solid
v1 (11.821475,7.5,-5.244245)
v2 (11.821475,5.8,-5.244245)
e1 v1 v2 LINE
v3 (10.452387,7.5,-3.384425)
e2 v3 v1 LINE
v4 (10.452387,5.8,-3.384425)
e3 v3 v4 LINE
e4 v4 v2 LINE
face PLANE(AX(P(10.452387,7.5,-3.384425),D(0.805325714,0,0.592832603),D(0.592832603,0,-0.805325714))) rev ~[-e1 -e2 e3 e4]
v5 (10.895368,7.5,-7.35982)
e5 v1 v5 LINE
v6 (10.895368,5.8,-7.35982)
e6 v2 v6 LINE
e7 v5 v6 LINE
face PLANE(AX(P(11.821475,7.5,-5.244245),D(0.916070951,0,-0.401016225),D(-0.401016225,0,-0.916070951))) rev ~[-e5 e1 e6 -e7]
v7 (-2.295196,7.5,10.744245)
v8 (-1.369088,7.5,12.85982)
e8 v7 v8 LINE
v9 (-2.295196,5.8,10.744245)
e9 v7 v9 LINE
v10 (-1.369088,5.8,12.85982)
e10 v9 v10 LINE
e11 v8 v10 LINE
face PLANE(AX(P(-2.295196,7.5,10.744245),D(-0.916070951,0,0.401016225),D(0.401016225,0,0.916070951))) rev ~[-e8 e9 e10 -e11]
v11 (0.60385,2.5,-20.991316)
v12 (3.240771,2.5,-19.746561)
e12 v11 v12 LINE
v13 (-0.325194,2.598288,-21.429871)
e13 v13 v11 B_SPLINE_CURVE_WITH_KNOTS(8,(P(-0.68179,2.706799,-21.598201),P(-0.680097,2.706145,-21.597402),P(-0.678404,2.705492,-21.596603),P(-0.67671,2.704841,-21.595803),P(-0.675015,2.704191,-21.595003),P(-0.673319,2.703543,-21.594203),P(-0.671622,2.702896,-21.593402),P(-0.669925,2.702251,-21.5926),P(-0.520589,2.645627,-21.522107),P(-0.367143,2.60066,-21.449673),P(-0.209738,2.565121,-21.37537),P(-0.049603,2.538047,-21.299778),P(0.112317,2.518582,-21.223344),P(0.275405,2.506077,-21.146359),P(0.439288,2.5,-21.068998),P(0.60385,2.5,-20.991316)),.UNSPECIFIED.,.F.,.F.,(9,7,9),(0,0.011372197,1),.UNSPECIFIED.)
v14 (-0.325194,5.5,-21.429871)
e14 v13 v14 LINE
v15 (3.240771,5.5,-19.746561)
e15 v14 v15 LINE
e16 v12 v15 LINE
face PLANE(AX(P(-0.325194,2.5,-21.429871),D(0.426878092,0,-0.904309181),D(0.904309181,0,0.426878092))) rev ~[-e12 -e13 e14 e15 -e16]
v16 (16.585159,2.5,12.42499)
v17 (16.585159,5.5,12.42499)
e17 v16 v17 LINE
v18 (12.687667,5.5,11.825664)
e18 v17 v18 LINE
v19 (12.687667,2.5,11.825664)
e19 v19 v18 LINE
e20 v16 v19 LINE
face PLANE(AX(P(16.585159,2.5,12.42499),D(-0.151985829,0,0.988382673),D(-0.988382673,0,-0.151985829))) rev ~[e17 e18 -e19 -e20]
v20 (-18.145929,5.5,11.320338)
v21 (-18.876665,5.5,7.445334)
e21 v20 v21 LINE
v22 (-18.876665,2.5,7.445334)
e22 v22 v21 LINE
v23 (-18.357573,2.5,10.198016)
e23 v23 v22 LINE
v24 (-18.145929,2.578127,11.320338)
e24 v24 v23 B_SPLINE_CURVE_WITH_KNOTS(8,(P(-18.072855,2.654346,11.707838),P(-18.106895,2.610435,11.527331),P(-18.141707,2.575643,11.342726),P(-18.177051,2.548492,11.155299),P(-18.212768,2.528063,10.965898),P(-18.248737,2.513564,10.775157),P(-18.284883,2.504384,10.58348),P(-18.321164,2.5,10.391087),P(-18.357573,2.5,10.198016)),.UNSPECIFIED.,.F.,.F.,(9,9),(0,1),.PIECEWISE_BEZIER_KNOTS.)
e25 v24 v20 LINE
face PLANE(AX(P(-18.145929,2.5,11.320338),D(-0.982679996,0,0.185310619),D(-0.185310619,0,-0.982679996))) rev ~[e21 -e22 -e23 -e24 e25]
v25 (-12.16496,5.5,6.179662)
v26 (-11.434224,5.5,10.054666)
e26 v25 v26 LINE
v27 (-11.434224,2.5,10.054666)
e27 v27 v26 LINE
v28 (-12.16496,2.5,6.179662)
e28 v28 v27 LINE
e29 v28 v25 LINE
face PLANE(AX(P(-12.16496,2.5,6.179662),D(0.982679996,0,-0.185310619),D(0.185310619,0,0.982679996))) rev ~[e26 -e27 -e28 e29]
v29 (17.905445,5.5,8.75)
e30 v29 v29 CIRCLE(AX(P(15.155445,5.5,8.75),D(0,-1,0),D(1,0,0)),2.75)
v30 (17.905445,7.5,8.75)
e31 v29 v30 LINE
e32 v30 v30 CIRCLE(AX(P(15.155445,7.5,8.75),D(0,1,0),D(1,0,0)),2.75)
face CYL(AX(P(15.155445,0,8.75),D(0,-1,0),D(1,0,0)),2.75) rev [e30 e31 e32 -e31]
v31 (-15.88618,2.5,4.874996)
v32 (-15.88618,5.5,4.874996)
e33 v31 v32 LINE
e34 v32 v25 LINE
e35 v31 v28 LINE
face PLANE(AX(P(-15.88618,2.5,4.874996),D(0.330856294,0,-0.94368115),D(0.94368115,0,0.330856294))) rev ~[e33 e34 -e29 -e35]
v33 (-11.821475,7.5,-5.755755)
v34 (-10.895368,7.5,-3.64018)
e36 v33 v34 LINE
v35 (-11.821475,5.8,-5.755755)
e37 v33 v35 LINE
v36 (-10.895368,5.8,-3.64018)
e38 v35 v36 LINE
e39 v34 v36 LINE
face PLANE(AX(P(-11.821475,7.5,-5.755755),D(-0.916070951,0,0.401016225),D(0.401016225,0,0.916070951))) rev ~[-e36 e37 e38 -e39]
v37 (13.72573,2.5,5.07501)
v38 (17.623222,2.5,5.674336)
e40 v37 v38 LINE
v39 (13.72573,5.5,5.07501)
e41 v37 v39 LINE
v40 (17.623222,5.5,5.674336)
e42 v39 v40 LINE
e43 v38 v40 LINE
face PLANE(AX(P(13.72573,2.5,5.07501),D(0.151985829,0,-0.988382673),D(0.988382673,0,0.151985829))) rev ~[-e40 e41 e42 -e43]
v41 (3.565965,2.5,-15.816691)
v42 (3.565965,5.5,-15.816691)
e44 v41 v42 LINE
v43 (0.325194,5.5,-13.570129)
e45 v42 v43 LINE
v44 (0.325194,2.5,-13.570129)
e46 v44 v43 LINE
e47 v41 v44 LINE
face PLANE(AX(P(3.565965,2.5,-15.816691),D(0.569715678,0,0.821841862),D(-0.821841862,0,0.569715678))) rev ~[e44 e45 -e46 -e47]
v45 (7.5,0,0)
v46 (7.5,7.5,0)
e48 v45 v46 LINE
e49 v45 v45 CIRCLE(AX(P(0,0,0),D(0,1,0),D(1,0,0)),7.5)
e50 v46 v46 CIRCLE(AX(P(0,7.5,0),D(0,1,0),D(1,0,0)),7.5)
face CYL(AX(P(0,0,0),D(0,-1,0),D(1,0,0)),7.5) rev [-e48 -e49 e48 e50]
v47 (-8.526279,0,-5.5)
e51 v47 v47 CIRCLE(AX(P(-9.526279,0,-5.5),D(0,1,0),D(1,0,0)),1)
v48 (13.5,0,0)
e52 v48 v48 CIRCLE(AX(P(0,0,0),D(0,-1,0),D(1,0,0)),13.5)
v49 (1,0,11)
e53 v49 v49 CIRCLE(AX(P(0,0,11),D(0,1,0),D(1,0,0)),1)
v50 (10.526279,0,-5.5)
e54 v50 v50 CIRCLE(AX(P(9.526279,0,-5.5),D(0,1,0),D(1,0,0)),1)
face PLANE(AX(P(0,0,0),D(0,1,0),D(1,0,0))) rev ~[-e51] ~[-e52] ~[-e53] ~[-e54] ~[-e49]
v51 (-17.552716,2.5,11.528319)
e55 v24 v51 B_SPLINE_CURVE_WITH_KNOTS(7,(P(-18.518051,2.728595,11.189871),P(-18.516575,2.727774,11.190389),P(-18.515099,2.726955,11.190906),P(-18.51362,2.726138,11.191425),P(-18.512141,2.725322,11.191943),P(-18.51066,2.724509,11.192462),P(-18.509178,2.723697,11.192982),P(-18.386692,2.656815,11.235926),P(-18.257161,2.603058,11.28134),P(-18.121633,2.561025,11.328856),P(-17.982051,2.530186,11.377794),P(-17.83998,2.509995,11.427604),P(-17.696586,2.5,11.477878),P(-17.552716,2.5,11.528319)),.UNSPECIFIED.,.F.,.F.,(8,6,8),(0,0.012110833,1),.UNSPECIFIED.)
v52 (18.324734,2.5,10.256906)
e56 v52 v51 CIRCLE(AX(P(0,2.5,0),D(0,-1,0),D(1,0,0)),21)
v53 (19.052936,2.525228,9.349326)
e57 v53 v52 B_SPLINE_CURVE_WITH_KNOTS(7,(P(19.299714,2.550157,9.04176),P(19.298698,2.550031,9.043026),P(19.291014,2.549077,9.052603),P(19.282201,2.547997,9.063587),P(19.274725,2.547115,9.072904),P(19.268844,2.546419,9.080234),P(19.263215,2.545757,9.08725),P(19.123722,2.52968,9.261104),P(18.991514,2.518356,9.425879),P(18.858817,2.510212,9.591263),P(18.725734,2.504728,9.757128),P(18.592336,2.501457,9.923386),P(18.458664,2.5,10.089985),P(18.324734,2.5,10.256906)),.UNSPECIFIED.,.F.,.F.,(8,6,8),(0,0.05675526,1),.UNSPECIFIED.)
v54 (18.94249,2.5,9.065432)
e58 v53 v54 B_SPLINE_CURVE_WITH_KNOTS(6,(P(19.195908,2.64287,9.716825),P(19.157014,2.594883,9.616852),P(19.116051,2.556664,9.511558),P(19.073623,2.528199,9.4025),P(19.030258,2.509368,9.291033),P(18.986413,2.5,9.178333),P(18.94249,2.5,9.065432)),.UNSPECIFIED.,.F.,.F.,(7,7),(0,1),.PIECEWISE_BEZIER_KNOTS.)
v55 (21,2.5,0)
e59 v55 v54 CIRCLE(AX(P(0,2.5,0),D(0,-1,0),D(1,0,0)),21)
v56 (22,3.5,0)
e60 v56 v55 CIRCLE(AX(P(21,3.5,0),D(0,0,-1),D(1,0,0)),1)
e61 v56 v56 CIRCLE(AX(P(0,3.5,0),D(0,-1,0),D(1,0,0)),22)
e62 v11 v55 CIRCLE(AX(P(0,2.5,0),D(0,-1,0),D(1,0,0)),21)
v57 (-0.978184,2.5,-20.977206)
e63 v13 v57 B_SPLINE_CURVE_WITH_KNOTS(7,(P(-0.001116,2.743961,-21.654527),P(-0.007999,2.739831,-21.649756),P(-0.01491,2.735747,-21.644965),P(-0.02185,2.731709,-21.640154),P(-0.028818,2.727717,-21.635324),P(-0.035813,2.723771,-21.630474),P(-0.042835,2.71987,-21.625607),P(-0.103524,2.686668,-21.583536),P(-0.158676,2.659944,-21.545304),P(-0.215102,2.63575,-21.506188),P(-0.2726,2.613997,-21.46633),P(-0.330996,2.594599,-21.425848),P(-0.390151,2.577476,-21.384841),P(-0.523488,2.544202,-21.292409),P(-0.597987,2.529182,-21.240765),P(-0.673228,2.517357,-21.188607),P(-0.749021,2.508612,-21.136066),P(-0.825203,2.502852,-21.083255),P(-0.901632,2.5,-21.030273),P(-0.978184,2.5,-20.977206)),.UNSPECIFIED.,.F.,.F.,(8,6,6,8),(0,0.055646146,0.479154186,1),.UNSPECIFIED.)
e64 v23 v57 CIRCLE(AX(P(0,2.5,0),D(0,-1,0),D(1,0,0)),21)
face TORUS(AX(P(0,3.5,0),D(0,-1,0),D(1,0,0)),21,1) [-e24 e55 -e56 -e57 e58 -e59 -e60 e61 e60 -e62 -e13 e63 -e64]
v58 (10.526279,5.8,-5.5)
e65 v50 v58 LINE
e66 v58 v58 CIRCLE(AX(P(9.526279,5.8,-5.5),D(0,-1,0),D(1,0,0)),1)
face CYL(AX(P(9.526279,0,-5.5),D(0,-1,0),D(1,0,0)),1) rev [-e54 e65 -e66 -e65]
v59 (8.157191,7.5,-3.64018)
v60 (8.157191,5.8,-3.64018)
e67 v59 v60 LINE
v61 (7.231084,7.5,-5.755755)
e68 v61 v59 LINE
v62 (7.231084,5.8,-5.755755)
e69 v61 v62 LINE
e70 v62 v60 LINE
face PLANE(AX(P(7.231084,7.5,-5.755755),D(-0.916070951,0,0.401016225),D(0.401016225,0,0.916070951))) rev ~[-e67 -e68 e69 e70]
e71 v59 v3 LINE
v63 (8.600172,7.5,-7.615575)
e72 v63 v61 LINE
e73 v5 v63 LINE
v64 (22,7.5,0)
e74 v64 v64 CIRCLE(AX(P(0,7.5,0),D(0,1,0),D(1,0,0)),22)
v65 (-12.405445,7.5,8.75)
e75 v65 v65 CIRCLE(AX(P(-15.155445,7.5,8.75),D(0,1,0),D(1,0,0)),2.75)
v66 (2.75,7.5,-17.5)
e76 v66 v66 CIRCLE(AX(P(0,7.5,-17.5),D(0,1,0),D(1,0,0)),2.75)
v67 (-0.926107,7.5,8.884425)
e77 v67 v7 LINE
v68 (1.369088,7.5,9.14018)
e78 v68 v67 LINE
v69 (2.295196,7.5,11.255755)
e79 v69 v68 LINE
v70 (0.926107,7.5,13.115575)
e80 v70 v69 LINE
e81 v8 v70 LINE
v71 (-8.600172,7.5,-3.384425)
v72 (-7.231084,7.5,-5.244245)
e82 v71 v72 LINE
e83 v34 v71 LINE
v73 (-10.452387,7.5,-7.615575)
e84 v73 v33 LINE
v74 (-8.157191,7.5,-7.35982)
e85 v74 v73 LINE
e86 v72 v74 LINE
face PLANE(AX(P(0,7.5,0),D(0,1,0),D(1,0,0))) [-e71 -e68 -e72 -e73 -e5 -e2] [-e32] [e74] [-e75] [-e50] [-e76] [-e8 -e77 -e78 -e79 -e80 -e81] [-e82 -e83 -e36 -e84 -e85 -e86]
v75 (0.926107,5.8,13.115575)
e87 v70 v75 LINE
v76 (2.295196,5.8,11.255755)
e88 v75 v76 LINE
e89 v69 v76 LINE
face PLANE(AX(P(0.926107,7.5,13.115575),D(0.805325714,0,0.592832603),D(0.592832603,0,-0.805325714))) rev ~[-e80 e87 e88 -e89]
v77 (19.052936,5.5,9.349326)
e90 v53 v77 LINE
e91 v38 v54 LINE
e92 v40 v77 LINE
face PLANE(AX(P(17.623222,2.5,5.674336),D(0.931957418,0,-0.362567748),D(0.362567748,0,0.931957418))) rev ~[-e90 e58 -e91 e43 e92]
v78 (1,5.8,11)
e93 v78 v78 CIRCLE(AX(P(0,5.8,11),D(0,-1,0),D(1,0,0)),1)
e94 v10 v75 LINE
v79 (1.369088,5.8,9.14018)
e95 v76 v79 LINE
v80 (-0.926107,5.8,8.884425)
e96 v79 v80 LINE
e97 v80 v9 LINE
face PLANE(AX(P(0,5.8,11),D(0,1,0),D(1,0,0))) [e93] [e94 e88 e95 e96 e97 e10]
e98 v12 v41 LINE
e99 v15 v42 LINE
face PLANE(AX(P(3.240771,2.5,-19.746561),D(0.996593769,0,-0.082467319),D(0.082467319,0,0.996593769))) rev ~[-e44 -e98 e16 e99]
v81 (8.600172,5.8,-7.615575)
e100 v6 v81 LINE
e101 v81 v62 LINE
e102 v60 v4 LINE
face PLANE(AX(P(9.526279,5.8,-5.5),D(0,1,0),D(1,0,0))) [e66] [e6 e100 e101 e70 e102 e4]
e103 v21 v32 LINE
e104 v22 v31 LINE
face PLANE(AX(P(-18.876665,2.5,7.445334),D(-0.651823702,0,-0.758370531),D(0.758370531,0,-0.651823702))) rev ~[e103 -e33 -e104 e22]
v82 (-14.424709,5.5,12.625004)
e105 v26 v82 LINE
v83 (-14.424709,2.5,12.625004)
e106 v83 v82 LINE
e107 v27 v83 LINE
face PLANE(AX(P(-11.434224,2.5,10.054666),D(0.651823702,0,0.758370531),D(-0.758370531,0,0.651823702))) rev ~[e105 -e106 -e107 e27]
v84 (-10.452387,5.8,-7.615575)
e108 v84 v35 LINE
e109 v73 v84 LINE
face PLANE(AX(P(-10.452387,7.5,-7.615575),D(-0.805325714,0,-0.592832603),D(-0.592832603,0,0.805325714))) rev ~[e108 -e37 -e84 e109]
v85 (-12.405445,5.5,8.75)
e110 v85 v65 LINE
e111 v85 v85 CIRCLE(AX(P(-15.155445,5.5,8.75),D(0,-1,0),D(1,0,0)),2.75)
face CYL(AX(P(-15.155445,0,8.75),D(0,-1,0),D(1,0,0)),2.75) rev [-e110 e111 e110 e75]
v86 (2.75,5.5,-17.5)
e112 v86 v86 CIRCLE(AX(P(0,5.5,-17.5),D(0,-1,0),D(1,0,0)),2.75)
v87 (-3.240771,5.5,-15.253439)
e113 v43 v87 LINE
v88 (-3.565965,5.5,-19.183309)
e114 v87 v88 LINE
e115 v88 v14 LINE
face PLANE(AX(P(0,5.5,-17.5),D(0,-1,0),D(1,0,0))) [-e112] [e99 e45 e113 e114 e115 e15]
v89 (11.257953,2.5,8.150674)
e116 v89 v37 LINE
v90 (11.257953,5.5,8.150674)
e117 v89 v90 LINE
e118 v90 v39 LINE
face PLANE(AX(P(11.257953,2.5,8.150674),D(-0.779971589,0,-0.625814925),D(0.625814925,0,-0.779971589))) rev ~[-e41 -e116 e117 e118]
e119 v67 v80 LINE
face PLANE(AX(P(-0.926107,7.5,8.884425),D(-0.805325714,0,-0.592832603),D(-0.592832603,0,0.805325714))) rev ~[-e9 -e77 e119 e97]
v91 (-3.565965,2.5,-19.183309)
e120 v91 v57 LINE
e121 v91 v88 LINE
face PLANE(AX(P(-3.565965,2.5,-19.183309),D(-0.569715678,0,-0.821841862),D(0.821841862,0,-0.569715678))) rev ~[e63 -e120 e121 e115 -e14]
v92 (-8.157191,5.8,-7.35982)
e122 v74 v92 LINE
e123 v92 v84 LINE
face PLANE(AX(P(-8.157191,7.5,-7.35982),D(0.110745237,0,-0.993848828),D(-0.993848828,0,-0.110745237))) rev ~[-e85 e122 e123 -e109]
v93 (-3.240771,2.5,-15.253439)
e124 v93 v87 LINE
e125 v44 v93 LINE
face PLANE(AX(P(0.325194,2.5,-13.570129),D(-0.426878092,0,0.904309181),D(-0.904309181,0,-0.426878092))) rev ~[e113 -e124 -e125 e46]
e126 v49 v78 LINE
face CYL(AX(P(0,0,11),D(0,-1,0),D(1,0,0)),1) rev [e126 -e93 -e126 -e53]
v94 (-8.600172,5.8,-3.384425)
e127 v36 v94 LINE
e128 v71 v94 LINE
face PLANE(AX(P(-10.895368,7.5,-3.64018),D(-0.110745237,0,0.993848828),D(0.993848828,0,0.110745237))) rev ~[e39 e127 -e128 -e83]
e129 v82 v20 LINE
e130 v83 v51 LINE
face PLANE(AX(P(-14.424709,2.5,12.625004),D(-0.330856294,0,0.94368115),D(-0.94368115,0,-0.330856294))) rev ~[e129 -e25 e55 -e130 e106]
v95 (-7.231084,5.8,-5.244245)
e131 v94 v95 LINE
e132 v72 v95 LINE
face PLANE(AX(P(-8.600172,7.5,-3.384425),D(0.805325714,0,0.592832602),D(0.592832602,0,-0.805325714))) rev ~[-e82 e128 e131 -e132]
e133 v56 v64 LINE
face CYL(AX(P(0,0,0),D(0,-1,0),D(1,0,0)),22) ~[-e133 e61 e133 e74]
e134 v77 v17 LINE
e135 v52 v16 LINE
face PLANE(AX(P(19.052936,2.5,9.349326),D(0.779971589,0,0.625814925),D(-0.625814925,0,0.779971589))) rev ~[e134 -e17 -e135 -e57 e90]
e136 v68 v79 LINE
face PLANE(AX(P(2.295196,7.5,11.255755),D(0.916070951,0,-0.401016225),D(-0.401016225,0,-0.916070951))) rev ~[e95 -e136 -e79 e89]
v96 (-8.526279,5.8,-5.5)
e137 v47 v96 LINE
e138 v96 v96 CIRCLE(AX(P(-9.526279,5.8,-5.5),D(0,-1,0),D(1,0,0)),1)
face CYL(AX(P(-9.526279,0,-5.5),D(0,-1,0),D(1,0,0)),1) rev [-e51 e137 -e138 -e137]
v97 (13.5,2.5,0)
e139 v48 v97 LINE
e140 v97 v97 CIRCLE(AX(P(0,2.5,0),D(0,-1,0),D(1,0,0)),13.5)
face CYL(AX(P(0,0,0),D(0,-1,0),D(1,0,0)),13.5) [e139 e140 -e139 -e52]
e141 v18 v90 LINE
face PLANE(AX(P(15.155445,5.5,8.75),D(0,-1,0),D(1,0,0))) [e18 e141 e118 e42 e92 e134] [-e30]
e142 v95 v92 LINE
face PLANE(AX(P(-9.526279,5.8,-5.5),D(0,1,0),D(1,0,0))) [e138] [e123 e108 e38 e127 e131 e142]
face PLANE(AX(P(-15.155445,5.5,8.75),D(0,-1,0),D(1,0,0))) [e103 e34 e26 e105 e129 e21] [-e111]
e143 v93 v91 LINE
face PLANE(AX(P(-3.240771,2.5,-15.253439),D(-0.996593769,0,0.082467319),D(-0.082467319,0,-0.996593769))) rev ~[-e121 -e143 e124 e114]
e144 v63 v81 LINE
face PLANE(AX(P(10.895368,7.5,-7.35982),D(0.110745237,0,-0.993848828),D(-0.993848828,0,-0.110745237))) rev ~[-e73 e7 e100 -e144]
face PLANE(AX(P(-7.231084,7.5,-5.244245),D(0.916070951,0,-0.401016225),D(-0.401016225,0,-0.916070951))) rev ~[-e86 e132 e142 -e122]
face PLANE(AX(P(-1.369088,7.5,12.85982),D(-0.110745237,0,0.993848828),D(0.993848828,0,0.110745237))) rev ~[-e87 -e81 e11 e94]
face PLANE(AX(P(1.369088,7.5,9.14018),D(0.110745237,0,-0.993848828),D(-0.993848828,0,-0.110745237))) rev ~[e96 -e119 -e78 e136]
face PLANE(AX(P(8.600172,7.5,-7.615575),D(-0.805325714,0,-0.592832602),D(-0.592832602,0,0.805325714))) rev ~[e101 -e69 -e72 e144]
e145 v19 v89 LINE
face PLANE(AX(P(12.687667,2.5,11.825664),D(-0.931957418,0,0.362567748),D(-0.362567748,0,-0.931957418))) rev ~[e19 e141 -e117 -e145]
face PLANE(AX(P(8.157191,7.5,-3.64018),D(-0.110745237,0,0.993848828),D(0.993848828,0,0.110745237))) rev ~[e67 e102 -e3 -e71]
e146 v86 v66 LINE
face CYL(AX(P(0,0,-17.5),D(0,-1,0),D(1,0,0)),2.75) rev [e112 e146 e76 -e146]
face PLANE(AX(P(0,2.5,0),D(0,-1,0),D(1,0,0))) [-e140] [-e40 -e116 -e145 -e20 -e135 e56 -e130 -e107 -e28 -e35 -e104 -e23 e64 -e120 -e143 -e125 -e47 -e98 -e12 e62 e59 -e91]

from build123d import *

# Parameters (mm, degrees)
SKETCH1_R           = 22
SKETCH1_R_2         = 2.75
SKETCH1_R_3         = 7.5
SKETCH1_R_4         = 1
BOSS_EXTRUDE1_DEPTH = 7.5
SKETCH2_R           = 22
SKETCH2_R_2         = 13.5
CUT_EXTRUDE1_DEPTH  = 2.5
FILLET2_R           = 1
CUT_EXTRUDE2_DEPTH  = 1.7
CUT_EXTRUDE3_DEPTH  = 3


with BuildPart() as part:
    # Sketch1 → Boss-Extrude1 (new body)
    with BuildSketch(Plane(origin=(0, 0, 0), x_dir=(1, 0, 0), z_dir=(0, 1, 0))):
        Circle(SKETCH1_R)
        with Locations((0, 17.5)):
            Circle(SKETCH1_R_2, mode=Mode.SUBTRACT)
        with Locations((-15.155444566, -8.75)):
            Circle(SKETCH1_R_2, mode=Mode.SUBTRACT)
        with Locations((15.155444566, -8.75)):
            Circle(SKETCH1_R_2, mode=Mode.SUBTRACT)
        Circle(SKETCH1_R_3, mode=Mode.SUBTRACT)
        with Locations((-9.526279442, 5.5)):
            Circle(SKETCH1_R_4, mode=Mode.SUBTRACT)
        with Locations((9.526279442, 5.5)):
            Circle(SKETCH1_R_4, mode=Mode.SUBTRACT)
        with Locations((0, -11)):
            Circle(SKETCH1_R_4, mode=Mode.SUBTRACT)
    extrude(amount=BOSS_EXTRUDE1_DEPTH)

    # Sketch2 → Cut-Extrude1 (cut)
    with BuildSketch(Plane.XZ):
        Circle(SKETCH2_R)
        Circle(SKETCH2_R_2, mode=Mode.SUBTRACT)
    extrude(amount=-CUT_EXTRUDE1_DEPTH, mode=Mode.SUBTRACT)

    # Fillet2
    fillet2_edges = [part.edges().sort_by_distance(p)[0] for p in [
        (-22, 2.5, 0),
    ]]
    fillet(fillet2_edges, radius=FILLET2_R)

    # Sketch4 → Cut-Extrude2 (cut)
    with BuildSketch(Plane(origin=(0, 7.5, 0), x_dir=(1, 0, 0), z_dir=(0, 1, 0))):
        Polygon((8.157191191, 3.640179929), (10.452386744, 3.384424759), (11.821474995, 5.24424483), (10.895367692, 7.359820071), (8.600172139, 7.615575241), (7.231083889, 5.75575517), align=None)
        Polygon((-1.369088251, -12.859820071), (0.926107302, -13.115575241), (2.295195553, -11.25575517), (1.369088251, -9.140179929), (-0.926107302, -8.884424759), (-2.295195553, -10.74424483), align=None)
        Polygon((-10.895367692, 3.640179929), (-8.600172139, 3.384424759), (-7.231083889, 5.24424483), (-8.157191191, 7.359820071), (-10.452386744, 7.615575241), (-11.821474995, 5.75575517), align=None)
    extrude(amount=-CUT_EXTRUDE2_DEPTH, mode=Mode.SUBTRACT)

    # Sketch5 → Cut-Extrude3 (cut)
    with BuildSketch(Plane.XZ.offset(-2.5)):
        Polygon((12.687667108, 11.82566379), (11.257952861, 8.150673926), (13.725730319, 5.075010135), (17.623222024, 5.67433621), (19.052936271, 9.349326074), (16.585158813, 12.424989865), align=None)
        Polygon((-18.145928854, 11.320337927), (-18.876664651, 7.445333601), (-15.886180363, 4.874995674), (-12.164960279, 6.179662073), (-11.434224481, 10.054666399), (-14.424708769, 12.625004326), align=None)
        Polygon((-3.240770937, -15.253438836), (-3.565964508, -19.183309377), (-0.325193571, -21.429870542), (3.240770937, -19.746561164), (3.565964508, -15.816690623), (0.325193571, -13.570129458), align=None)
    extrude(amount=-CUT_EXTRUDE3_DEPTH, mode=Mode.SUBTRACT)


solid = part.part
